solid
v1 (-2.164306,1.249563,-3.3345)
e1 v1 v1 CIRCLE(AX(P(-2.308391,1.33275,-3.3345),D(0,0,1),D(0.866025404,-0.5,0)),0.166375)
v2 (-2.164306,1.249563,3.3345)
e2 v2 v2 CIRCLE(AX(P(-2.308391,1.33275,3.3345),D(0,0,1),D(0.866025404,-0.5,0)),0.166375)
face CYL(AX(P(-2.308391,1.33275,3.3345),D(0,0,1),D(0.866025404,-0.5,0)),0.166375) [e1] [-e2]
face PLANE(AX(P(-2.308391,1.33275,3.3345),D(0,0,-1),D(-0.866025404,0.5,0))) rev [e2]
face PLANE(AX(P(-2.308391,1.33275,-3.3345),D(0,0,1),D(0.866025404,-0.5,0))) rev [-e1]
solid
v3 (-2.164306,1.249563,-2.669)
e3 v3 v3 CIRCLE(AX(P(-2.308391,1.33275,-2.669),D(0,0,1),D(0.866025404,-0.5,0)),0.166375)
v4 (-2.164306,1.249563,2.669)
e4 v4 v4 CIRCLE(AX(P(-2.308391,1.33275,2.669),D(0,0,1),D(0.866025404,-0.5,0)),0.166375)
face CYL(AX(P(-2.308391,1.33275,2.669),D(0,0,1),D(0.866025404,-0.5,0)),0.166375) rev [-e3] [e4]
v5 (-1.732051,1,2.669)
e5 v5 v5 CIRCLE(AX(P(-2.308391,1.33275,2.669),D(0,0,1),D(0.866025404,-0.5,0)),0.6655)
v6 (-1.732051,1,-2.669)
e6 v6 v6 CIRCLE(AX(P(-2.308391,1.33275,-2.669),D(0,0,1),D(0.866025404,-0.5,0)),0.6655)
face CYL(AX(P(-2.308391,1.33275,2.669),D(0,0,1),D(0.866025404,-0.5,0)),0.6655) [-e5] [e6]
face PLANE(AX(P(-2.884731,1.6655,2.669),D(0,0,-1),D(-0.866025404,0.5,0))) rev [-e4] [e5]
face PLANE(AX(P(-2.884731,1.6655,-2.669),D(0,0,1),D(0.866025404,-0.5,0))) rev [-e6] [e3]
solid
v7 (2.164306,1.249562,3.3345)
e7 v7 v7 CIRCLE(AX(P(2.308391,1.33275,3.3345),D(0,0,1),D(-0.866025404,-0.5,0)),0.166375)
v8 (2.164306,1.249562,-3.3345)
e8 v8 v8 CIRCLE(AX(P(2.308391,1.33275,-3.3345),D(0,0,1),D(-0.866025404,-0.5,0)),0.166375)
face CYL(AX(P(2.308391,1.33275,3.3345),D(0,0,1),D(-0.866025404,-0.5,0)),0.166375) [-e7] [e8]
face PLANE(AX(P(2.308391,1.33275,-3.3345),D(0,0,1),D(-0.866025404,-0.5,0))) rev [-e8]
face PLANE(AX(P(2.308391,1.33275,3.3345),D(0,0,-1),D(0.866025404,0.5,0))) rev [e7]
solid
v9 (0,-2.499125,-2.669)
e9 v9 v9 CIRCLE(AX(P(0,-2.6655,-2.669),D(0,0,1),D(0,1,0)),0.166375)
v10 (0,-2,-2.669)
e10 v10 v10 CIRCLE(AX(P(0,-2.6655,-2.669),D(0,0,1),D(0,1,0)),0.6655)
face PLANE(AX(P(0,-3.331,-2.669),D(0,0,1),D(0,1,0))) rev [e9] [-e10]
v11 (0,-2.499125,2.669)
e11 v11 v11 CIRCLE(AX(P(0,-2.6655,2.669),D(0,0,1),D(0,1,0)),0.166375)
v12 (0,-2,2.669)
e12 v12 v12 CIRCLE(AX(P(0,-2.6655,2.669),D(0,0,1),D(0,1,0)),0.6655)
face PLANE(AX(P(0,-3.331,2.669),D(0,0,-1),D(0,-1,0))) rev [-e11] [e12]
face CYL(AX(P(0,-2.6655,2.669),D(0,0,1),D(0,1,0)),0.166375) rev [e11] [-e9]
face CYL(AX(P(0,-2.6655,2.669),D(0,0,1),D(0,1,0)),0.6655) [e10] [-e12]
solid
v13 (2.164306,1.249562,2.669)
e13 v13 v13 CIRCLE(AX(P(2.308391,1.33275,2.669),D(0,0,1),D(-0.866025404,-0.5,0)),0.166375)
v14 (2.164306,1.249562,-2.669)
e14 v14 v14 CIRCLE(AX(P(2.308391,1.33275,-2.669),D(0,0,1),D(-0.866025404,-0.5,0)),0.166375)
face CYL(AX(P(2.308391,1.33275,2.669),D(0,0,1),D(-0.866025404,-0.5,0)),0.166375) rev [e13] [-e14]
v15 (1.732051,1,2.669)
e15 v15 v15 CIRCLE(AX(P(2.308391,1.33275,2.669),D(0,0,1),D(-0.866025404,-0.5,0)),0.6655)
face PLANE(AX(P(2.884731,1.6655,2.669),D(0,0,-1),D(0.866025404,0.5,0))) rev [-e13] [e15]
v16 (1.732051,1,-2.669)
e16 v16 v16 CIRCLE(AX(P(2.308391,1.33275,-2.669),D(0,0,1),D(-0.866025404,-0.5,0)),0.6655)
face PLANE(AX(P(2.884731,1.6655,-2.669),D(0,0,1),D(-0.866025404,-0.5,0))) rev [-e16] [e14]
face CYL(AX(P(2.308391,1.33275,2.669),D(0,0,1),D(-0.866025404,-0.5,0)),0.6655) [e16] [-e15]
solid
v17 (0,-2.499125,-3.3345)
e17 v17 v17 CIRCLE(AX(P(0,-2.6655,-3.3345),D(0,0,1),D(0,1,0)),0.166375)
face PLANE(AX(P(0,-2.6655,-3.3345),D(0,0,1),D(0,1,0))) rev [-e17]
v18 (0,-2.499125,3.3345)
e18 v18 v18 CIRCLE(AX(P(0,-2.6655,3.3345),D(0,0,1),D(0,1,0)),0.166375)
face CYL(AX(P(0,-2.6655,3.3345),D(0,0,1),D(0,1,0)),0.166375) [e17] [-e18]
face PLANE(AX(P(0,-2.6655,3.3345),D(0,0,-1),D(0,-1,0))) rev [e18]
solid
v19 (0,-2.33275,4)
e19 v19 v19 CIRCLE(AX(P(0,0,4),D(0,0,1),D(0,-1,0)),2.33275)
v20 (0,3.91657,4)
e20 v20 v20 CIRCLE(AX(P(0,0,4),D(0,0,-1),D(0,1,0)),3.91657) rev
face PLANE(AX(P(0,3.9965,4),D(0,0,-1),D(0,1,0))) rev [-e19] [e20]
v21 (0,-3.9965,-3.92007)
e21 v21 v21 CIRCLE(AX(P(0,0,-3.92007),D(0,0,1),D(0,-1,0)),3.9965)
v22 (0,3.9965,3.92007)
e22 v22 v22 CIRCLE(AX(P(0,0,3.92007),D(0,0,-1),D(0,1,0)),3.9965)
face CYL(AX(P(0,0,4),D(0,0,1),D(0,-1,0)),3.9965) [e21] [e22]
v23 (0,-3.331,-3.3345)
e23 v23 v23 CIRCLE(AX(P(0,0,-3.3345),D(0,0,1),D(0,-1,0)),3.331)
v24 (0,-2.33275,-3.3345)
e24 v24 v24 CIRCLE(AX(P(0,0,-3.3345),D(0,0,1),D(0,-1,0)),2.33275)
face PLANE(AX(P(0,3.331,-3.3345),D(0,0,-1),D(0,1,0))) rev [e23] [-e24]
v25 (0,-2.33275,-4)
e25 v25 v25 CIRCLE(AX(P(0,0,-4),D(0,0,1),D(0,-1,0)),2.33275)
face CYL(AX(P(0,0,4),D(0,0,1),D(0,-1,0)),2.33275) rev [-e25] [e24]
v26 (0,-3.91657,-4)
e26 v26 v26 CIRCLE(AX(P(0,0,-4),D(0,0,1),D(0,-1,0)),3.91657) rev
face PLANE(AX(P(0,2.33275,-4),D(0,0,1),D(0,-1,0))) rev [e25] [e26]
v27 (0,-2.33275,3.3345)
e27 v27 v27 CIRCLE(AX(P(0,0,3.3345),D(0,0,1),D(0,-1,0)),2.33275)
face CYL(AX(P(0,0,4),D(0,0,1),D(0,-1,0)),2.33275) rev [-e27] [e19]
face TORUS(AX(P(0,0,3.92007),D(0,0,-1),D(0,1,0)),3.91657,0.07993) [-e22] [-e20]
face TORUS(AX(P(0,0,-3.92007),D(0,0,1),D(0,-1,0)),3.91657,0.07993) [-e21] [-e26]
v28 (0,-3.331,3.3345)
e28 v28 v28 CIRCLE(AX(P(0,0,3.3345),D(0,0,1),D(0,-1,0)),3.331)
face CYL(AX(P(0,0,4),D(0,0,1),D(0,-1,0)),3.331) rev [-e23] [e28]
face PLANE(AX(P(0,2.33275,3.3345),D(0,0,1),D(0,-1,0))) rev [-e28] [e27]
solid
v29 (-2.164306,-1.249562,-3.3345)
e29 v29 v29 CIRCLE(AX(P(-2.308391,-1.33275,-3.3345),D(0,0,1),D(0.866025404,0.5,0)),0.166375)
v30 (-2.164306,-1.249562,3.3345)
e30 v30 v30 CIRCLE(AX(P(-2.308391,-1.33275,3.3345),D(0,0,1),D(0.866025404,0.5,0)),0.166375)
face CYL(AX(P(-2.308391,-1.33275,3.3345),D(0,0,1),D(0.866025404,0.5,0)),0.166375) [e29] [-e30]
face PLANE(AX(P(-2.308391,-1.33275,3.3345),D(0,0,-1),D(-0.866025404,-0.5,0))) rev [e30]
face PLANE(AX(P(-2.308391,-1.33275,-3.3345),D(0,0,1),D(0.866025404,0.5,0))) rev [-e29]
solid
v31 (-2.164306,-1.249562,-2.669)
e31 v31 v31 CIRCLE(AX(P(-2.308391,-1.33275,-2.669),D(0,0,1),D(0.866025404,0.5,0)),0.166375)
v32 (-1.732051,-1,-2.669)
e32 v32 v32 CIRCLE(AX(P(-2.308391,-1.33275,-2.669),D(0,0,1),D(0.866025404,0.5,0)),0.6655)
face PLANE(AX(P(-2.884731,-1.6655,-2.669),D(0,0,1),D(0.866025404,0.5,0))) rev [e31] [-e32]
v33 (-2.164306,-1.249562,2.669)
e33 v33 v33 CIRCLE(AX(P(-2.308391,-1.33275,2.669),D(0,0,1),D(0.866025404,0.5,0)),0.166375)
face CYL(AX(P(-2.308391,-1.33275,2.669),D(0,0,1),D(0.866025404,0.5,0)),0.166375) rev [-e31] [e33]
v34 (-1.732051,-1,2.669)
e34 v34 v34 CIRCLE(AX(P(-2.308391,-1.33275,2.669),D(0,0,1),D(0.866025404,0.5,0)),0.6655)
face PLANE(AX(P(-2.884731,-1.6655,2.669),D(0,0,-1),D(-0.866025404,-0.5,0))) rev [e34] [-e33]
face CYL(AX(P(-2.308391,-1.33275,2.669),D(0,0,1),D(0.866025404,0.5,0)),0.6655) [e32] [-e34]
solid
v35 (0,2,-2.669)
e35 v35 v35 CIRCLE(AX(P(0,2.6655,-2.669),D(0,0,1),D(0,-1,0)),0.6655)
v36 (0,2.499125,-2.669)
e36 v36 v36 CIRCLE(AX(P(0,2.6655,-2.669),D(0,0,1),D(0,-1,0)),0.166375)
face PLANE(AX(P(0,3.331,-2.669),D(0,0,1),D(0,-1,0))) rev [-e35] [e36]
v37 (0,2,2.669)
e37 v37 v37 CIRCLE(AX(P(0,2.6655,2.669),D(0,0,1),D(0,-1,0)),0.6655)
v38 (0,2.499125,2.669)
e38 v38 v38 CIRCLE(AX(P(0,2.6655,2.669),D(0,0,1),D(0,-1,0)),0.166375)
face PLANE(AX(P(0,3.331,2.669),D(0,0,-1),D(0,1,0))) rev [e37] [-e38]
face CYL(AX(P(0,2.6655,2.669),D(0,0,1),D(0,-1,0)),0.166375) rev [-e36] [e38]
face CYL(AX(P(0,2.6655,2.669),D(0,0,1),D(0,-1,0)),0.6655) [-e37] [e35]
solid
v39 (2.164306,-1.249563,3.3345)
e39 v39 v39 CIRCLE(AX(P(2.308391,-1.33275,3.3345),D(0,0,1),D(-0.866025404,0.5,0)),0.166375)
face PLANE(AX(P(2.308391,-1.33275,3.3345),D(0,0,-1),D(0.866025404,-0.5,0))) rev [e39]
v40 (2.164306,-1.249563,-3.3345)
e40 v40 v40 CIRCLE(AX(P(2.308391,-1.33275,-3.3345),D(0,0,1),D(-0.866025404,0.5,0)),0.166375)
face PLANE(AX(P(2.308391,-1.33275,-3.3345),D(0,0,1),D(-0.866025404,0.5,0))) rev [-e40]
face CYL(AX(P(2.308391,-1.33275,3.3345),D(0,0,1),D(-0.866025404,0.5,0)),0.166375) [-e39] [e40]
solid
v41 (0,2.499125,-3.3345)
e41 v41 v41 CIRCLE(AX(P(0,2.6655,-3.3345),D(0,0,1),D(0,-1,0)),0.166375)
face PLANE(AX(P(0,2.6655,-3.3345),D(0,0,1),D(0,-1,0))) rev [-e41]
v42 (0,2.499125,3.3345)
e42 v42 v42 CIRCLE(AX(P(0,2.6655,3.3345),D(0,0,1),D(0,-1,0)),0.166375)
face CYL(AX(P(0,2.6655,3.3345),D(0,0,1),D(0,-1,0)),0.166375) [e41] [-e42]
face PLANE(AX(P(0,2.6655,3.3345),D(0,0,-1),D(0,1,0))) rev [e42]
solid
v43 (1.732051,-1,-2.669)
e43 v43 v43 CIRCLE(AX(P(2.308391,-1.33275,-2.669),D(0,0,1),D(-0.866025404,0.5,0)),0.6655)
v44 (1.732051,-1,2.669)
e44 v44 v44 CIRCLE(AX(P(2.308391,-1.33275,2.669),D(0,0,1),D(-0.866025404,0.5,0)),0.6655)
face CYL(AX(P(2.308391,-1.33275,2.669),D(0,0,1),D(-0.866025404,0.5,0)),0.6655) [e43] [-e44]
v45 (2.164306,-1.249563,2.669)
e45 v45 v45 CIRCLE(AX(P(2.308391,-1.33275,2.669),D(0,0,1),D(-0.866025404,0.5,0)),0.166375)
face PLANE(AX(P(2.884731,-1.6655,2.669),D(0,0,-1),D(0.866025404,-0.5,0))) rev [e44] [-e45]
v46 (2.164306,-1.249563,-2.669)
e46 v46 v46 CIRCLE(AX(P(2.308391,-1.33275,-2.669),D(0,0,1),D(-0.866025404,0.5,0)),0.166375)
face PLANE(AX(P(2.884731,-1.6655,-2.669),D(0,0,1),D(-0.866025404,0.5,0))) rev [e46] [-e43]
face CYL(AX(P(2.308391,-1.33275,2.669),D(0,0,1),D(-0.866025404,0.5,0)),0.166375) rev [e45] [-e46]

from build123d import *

# Parameters (mm, degrees)
SKETCH2_W         = 5.338
SKETCH2_H         = 0.499125
SKETCH3_W         = 6.669
SKETCH3_H         = 0.166375
CIRPATTERN1_COUNT = 6
CIRPATTERN1_ANGLE = 300
FILLET1_R         = 0.07993


with BuildPart() as part:
    # Sketch1 → Revolve1 (revolve)
    with BuildSketch(Plane(origin=(0, 0, 0), x_dir=(0, 0, -1), z_dir=(1, 0, 0)), mode=Mode.PRIVATE) as revolve1_sk:
        Polygon((-4, 3.9965), (4, 3.9965), (4, 2.33275), (3.3345, 2.33275), (3.3345, 3.331), (-3.3345, 3.331), (-3.3345, 2.33275), (-4, 2.33275), align=None)
    revolve(revolve1_sk.sketch.rotate(Axis((0, 0, 4), (0, 0, -1)), 180), axis=Axis((0, 0, 4), (0, 0, -1)))

    # Fillet1
    fillet1_edges = [part.edges().sort_by_distance(p)[0] for p in [
        (0, 3.9965, 4),
        (0, 3.9965, -4),
    ]]
    fillet(fillet1_edges, radius=FILLET1_R)


with BuildPart() as body_2:
    # Sketch2 → Revolve2 (revolve)
    with BuildSketch(Plane(origin=(0, 0, 0), x_dir=(0, 0, -1), z_dir=(1, 0, 0)), mode=Mode.PRIVATE) as revolve2_sk:
        with Locations((0, 3.0814375)):
            Rectangle(SKETCH2_W, SKETCH2_H)
    revolve(revolve2_sk.sketch.rotate(Axis((0, 2.6655, 2.669), (0, 0, -1)), 180), axis=Axis((0, 2.6655, 2.669), (0, 0, -1)))


with BuildPart() as body_3:
    # Sketch3 → Revolve3 (revolve)
    with BuildSketch(Plane(origin=(0, 0, 0), x_dir=(0, 0, -1), z_dir=(1, 0, 0))):
        with Locations((0, 2.7486875)):
            Rectangle(SKETCH3_W, SKETCH3_H)
    revolve(axis=Axis((0, 2.6655, 3.3345), (0, 0, -1)))


with BuildPart() as cirpattern1_1:
    # CirPattern1: pattern copy
    add(body_3.part.rotate(Axis((0, 0, -4), (0, 0, 1)), 1 * CIRPATTERN1_ANGLE / (CIRPATTERN1_COUNT - 1)))


with BuildPart() as cirpattern1_2:
    # CirPattern1: pattern copy
    add(body_3.part.rotate(Axis((0, 0, -4), (0, 0, 1)), 2 * CIRPATTERN1_ANGLE / (CIRPATTERN1_COUNT - 1)))


with BuildPart() as cirpattern1_3:
    # CirPattern1: pattern copy
    add(body_3.part.rotate(Axis((0, 0, -4), (0, 0, 1)), 3 * CIRPATTERN1_ANGLE / (CIRPATTERN1_COUNT - 1)))


with BuildPart() as cirpattern1_4:
    # CirPattern1: pattern copy
    add(body_3.part.rotate(Axis((0, 0, -4), (0, 0, 1)), 4 * CIRPATTERN1_ANGLE / (CIRPATTERN1_COUNT - 1)))


with BuildPart() as cirpattern1_5:
    # CirPattern1: pattern copy
    add(body_3.part.rotate(Axis((0, 0, -4), (0, 0, 1)), 5 * CIRPATTERN1_ANGLE / (CIRPATTERN1_COUNT - 1)))


with BuildPart() as cirpattern1_6:
    # CirPattern1: pattern copy
    add(body_2.part.rotate(Axis((0, 0, -4), (0, 0, 1)), 1 * CIRPATTERN1_ANGLE / (CIRPATTERN1_COUNT - 1)))


with BuildPart() as cirpattern1_7:
    # CirPattern1: pattern copy
    add(body_2.part.rotate(Axis((0, 0, -4), (0, 0, 1)), 2 * CIRPATTERN1_ANGLE / (CIRPATTERN1_COUNT - 1)))


with BuildPart() as cirpattern1_8:
    # CirPattern1: pattern copy
    add(body_2.part.rotate(Axis((0, 0, -4), (0, 0, 1)), 3 * CIRPATTERN1_ANGLE / (CIRPATTERN1_COUNT - 1)))


with BuildPart() as cirpattern1_9:
    # CirPattern1: pattern copy
    add(body_2.part.rotate(Axis((0, 0, -4), (0, 0, 1)), 4 * CIRPATTERN1_ANGLE / (CIRPATTERN1_COUNT - 1)))


with BuildPart() as cirpattern1_10:
    # CirPattern1: pattern copy
    add(body_2.part.rotate(Axis((0, 0, -4), (0, 0, 1)), 5 * CIRPATTERN1_ANGLE / (CIRPATTERN1_COUNT - 1)))


solid = Compound([part.part, body_2.part, body_3.part, cirpattern1_1.part, cirpattern1_2.part, cirpattern1_3.part, cirpattern1_4.part, cirpattern1_5.part, cirpattern1_6.part, cirpattern1_7.part, cirpattern1_8.part, cirpattern1_9.part, cirpattern1_10.part])
